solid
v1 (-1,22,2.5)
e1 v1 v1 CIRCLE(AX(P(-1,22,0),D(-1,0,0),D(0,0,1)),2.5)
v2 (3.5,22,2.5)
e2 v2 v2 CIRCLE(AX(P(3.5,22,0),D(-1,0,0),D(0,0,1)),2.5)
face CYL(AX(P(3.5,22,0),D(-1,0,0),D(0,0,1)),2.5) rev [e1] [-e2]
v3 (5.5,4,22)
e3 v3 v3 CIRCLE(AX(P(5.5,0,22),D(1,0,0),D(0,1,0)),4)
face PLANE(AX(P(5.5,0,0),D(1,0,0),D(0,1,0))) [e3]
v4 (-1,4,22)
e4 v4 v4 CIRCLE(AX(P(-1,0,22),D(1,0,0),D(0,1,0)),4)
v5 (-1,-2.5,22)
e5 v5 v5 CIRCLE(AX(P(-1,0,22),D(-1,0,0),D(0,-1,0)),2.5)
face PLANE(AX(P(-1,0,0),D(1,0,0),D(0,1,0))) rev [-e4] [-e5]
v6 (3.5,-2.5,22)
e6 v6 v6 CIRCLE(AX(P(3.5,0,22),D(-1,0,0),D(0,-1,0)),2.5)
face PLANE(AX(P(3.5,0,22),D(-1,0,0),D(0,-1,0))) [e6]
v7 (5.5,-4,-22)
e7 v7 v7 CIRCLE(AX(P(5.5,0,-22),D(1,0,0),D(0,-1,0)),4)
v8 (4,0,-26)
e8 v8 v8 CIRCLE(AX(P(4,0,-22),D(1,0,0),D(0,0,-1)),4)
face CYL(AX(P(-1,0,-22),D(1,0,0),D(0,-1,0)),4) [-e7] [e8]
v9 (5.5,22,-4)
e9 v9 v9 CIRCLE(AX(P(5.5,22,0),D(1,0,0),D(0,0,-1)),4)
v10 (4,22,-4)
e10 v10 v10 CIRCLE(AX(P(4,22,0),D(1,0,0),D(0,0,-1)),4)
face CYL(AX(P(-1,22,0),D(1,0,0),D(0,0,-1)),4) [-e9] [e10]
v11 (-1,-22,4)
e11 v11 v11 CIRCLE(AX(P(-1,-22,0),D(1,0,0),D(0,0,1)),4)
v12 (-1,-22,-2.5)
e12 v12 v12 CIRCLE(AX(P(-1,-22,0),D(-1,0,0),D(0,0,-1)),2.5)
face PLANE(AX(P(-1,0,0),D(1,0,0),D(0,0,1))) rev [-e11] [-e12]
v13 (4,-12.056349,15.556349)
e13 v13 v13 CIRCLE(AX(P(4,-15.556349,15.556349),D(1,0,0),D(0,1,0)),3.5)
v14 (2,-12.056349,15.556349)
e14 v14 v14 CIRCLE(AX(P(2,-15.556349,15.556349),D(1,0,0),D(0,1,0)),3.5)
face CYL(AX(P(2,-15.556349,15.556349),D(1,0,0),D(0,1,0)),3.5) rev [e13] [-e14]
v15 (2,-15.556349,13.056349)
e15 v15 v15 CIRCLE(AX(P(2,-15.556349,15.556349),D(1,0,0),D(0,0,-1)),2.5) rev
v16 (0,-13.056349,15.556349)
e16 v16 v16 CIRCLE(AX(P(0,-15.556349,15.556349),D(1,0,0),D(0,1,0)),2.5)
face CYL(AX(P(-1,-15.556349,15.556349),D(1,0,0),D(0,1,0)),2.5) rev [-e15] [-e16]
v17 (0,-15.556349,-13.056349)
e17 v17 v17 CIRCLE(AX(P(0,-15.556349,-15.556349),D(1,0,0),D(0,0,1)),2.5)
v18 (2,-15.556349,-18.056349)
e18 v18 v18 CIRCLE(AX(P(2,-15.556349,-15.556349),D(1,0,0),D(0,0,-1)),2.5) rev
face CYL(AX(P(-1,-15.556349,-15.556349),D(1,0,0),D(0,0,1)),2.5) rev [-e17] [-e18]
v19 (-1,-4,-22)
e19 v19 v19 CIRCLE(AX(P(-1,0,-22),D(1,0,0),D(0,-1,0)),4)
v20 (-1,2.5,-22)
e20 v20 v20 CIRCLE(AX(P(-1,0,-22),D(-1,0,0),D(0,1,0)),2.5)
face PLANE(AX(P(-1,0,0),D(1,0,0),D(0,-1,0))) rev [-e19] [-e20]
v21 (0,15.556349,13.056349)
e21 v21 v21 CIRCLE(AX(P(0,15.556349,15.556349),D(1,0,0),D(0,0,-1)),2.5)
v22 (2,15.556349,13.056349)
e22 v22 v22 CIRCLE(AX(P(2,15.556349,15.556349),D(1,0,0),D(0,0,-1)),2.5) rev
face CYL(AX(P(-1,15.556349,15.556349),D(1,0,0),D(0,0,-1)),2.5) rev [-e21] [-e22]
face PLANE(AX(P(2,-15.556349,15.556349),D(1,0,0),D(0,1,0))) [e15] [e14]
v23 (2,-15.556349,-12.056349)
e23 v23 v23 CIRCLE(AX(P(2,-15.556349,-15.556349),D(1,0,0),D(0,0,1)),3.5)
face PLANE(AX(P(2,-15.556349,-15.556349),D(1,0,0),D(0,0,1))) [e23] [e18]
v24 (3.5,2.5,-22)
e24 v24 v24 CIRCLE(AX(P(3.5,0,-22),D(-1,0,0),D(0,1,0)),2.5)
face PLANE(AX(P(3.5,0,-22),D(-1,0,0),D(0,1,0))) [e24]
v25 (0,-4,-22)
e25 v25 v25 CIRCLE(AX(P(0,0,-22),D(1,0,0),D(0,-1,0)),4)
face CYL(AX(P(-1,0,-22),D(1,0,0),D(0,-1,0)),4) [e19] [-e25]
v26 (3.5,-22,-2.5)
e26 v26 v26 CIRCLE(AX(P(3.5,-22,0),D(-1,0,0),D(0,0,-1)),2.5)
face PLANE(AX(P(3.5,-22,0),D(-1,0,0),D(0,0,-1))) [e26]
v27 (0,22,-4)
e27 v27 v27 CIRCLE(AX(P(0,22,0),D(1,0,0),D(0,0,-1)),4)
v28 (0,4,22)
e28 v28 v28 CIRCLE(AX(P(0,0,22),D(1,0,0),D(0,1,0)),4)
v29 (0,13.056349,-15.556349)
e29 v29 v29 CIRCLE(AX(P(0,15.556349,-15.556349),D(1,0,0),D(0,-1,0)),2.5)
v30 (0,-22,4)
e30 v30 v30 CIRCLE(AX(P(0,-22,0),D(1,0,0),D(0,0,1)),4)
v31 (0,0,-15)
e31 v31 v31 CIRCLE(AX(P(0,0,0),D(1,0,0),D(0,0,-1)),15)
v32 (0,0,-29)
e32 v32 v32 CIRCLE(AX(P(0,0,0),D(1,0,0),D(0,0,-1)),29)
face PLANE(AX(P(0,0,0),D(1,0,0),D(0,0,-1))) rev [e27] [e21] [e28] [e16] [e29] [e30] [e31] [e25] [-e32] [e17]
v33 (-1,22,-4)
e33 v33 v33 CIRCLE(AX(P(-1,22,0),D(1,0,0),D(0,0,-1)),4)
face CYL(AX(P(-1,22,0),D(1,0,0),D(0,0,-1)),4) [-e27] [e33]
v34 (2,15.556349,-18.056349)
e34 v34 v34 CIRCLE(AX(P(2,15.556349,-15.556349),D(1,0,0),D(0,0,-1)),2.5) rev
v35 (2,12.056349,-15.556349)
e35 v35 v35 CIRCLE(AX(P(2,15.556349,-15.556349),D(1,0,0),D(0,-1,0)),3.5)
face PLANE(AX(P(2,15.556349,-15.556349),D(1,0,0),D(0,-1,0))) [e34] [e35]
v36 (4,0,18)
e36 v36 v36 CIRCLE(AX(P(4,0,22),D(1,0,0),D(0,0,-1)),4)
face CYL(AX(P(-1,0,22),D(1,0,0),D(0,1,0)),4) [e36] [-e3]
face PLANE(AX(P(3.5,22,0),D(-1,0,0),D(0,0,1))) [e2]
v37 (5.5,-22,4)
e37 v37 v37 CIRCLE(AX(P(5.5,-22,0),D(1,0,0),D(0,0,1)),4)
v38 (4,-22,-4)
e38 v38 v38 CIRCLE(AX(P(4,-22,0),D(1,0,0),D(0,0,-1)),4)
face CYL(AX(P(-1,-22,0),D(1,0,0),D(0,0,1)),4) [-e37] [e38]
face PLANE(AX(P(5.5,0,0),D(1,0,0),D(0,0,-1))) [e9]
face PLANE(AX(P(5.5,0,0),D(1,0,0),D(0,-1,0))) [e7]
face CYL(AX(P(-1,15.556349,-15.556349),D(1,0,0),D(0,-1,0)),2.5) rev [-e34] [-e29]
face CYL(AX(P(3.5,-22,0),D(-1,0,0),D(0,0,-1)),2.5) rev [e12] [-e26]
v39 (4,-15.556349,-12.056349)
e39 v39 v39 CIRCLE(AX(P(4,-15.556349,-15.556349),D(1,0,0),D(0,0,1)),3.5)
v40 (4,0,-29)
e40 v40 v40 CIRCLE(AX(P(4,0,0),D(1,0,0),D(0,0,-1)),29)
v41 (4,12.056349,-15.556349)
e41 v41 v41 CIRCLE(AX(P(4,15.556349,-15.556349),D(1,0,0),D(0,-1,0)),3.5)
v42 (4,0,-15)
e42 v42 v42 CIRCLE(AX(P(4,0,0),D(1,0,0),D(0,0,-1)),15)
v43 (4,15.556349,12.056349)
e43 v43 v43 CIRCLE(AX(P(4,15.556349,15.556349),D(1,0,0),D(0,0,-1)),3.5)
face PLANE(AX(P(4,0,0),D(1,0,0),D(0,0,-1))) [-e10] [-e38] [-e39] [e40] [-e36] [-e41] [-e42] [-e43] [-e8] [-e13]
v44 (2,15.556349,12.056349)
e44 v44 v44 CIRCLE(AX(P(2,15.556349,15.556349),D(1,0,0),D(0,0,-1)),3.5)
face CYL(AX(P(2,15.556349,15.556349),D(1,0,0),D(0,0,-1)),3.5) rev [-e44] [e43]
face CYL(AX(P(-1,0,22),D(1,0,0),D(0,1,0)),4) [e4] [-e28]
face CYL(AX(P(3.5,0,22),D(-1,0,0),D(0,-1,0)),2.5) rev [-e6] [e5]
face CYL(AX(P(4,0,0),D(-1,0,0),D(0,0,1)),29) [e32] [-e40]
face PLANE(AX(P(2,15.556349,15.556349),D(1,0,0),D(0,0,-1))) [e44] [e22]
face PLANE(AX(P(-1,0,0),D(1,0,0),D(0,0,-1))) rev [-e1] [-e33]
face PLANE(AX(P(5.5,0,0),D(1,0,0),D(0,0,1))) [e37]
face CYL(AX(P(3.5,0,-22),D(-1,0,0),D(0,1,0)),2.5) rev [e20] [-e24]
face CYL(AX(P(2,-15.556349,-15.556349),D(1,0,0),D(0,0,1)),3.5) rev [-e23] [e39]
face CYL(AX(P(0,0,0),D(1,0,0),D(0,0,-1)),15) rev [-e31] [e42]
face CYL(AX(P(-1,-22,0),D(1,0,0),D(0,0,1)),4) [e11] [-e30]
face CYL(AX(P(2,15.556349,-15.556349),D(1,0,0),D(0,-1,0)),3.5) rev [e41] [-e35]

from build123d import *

# Parameters (mm, degrees)
SKETCH_1_R               = 29
EXTRUDE_1_DEPTH          = 4
CUT_EXTRUDE_1_DEPTH      = 42.206795556
CUT_EXTRUDE_1_DEPTH_BACK = 42.206795556
SKETCH_2_R               = 15
EXTRUDE_START            = -5
SKETCH_4_R               = 4
EXTRUDE_3_DEPTH          = 6.5
PATTERN_CIRCULAR_1_COUNT = 4
SKETCH_5_R               = 2.5
CUT_EXTRUDE_2_DEPTH      = 4.5
PATTERN_CIRCULAR_2_COUNT = 4
SKETCH_7_R               = 2.5
CUT_EXTRUDE_3_DEPTH      = 42.31585652
SKETCH_8_R               = 3.5
CUT_EXTRUDE_4_DEPTH      = 2
PATTERN_CIRCULAR_3_COUNT = 4


with BuildPart() as part:
    # 草图1 → 凸台-拉伸1 (new body)
    with BuildSketch(Plane(origin=(0, 0, 0), x_dir=(0, 0, -1), z_dir=(1, 0, 0))):
        Circle(SKETCH_1_R)
    extrude(amount=EXTRUDE_1_DEPTH)

    # 草图2 → 切除-拉伸1 (cut, two sides: drawn at the far end of the back side and taken through both)
    with BuildSketch(Plane(origin=(4, 0, 0), x_dir=(0, 0, -1), z_dir=(1, 0, 0)).offset(-CUT_EXTRUDE_1_DEPTH_BACK)):
        Circle(SKETCH_2_R)
    extrude(amount=CUT_EXTRUDE_1_DEPTH + CUT_EXTRUDE_1_DEPTH_BACK, mode=Mode.SUBTRACT)

    # 草图4 → 凸台-拉伸3 (add)
    with BuildSketch(Plane(origin=(4, 0, 0), x_dir=(0, 0, -1), z_dir=(1, 0, 0)).offset(EXTRUDE_START)):
        with Locations((0, 22)):
            Circle(SKETCH_4_R)
    extrude_3 = extrude(amount=EXTRUDE_3_DEPTH)

    # 阵列(圆周)1: 凸台-拉伸3 ×4 about axis
    pattern_circular_1_axis = Axis((0, 0, 0), (1, 0, 0))
    for i in range(1, PATTERN_CIRCULAR_1_COUNT):
        add(extrude_3.rotate(pattern_circular_1_axis, i * 360 / PATTERN_CIRCULAR_1_COUNT))

    # 草图5 → 切除-拉伸2 (cut)
    with BuildSketch(Plane.ZY.offset(1)):
        with Locations((0, 22)):
            Circle(SKETCH_5_R)
    cut_extrude_2 = extrude(amount=-CUT_EXTRUDE_2_DEPTH, mode=Mode.SUBTRACT)

    # 阵列(圆周)2: 切除-拉伸2 ×4 about axis
    pattern_circular_2_axis = Axis((0, 0, 0), (1, 0, 0))
    for i in range(1, PATTERN_CIRCULAR_2_COUNT):
        add(cut_extrude_2.rotate(pattern_circular_2_axis, i * 360 / PATTERN_CIRCULAR_2_COUNT), mode=Mode.SUBTRACT)

    # 草图7 → 切除-拉伸3 (cut, through all)
    with BuildSketch(Plane(origin=(4, 0, 0), x_dir=(0, 0, -1), z_dir=(1, 0, 0))):
        with Locations((-15.556349186, 15.556349186)):
            Circle(SKETCH_7_R)
    cut_extrude_3 = extrude(amount=-CUT_EXTRUDE_3_DEPTH, mode=Mode.SUBTRACT)

    # 草图8 → 切除-拉伸4 (cut)
    with BuildSketch(Plane(origin=(4, 0, 0), x_dir=(0, 0, -1), z_dir=(1, 0, 0))):
        with Locations((-15.556349186, 15.556349186)):
            Circle(SKETCH_8_R)
    cut_extrude_4 = extrude(amount=-CUT_EXTRUDE_4_DEPTH, mode=Mode.SUBTRACT)

    # 阵列(圆周)3: 切除-拉伸3, 切除-拉伸4 ×4 about axis
    pattern_circular_3_axis = Axis((0, 0, 0), (1, 0, 0))
    add([cut_extrude_3.rotate(pattern_circular_3_axis, i * 360 / PATTERN_CIRCULAR_3_COUNT) for i in range(1, PATTERN_CIRCULAR_3_COUNT)], mode=Mode.SUBTRACT)
    add([cut_extrude_4.rotate(pattern_circular_3_axis, i * 360 / PATTERN_CIRCULAR_3_COUNT) for i in range(1, PATTERN_CIRCULAR_3_COUNT)], mode=Mode.SUBTRACT)


solid = part.part
